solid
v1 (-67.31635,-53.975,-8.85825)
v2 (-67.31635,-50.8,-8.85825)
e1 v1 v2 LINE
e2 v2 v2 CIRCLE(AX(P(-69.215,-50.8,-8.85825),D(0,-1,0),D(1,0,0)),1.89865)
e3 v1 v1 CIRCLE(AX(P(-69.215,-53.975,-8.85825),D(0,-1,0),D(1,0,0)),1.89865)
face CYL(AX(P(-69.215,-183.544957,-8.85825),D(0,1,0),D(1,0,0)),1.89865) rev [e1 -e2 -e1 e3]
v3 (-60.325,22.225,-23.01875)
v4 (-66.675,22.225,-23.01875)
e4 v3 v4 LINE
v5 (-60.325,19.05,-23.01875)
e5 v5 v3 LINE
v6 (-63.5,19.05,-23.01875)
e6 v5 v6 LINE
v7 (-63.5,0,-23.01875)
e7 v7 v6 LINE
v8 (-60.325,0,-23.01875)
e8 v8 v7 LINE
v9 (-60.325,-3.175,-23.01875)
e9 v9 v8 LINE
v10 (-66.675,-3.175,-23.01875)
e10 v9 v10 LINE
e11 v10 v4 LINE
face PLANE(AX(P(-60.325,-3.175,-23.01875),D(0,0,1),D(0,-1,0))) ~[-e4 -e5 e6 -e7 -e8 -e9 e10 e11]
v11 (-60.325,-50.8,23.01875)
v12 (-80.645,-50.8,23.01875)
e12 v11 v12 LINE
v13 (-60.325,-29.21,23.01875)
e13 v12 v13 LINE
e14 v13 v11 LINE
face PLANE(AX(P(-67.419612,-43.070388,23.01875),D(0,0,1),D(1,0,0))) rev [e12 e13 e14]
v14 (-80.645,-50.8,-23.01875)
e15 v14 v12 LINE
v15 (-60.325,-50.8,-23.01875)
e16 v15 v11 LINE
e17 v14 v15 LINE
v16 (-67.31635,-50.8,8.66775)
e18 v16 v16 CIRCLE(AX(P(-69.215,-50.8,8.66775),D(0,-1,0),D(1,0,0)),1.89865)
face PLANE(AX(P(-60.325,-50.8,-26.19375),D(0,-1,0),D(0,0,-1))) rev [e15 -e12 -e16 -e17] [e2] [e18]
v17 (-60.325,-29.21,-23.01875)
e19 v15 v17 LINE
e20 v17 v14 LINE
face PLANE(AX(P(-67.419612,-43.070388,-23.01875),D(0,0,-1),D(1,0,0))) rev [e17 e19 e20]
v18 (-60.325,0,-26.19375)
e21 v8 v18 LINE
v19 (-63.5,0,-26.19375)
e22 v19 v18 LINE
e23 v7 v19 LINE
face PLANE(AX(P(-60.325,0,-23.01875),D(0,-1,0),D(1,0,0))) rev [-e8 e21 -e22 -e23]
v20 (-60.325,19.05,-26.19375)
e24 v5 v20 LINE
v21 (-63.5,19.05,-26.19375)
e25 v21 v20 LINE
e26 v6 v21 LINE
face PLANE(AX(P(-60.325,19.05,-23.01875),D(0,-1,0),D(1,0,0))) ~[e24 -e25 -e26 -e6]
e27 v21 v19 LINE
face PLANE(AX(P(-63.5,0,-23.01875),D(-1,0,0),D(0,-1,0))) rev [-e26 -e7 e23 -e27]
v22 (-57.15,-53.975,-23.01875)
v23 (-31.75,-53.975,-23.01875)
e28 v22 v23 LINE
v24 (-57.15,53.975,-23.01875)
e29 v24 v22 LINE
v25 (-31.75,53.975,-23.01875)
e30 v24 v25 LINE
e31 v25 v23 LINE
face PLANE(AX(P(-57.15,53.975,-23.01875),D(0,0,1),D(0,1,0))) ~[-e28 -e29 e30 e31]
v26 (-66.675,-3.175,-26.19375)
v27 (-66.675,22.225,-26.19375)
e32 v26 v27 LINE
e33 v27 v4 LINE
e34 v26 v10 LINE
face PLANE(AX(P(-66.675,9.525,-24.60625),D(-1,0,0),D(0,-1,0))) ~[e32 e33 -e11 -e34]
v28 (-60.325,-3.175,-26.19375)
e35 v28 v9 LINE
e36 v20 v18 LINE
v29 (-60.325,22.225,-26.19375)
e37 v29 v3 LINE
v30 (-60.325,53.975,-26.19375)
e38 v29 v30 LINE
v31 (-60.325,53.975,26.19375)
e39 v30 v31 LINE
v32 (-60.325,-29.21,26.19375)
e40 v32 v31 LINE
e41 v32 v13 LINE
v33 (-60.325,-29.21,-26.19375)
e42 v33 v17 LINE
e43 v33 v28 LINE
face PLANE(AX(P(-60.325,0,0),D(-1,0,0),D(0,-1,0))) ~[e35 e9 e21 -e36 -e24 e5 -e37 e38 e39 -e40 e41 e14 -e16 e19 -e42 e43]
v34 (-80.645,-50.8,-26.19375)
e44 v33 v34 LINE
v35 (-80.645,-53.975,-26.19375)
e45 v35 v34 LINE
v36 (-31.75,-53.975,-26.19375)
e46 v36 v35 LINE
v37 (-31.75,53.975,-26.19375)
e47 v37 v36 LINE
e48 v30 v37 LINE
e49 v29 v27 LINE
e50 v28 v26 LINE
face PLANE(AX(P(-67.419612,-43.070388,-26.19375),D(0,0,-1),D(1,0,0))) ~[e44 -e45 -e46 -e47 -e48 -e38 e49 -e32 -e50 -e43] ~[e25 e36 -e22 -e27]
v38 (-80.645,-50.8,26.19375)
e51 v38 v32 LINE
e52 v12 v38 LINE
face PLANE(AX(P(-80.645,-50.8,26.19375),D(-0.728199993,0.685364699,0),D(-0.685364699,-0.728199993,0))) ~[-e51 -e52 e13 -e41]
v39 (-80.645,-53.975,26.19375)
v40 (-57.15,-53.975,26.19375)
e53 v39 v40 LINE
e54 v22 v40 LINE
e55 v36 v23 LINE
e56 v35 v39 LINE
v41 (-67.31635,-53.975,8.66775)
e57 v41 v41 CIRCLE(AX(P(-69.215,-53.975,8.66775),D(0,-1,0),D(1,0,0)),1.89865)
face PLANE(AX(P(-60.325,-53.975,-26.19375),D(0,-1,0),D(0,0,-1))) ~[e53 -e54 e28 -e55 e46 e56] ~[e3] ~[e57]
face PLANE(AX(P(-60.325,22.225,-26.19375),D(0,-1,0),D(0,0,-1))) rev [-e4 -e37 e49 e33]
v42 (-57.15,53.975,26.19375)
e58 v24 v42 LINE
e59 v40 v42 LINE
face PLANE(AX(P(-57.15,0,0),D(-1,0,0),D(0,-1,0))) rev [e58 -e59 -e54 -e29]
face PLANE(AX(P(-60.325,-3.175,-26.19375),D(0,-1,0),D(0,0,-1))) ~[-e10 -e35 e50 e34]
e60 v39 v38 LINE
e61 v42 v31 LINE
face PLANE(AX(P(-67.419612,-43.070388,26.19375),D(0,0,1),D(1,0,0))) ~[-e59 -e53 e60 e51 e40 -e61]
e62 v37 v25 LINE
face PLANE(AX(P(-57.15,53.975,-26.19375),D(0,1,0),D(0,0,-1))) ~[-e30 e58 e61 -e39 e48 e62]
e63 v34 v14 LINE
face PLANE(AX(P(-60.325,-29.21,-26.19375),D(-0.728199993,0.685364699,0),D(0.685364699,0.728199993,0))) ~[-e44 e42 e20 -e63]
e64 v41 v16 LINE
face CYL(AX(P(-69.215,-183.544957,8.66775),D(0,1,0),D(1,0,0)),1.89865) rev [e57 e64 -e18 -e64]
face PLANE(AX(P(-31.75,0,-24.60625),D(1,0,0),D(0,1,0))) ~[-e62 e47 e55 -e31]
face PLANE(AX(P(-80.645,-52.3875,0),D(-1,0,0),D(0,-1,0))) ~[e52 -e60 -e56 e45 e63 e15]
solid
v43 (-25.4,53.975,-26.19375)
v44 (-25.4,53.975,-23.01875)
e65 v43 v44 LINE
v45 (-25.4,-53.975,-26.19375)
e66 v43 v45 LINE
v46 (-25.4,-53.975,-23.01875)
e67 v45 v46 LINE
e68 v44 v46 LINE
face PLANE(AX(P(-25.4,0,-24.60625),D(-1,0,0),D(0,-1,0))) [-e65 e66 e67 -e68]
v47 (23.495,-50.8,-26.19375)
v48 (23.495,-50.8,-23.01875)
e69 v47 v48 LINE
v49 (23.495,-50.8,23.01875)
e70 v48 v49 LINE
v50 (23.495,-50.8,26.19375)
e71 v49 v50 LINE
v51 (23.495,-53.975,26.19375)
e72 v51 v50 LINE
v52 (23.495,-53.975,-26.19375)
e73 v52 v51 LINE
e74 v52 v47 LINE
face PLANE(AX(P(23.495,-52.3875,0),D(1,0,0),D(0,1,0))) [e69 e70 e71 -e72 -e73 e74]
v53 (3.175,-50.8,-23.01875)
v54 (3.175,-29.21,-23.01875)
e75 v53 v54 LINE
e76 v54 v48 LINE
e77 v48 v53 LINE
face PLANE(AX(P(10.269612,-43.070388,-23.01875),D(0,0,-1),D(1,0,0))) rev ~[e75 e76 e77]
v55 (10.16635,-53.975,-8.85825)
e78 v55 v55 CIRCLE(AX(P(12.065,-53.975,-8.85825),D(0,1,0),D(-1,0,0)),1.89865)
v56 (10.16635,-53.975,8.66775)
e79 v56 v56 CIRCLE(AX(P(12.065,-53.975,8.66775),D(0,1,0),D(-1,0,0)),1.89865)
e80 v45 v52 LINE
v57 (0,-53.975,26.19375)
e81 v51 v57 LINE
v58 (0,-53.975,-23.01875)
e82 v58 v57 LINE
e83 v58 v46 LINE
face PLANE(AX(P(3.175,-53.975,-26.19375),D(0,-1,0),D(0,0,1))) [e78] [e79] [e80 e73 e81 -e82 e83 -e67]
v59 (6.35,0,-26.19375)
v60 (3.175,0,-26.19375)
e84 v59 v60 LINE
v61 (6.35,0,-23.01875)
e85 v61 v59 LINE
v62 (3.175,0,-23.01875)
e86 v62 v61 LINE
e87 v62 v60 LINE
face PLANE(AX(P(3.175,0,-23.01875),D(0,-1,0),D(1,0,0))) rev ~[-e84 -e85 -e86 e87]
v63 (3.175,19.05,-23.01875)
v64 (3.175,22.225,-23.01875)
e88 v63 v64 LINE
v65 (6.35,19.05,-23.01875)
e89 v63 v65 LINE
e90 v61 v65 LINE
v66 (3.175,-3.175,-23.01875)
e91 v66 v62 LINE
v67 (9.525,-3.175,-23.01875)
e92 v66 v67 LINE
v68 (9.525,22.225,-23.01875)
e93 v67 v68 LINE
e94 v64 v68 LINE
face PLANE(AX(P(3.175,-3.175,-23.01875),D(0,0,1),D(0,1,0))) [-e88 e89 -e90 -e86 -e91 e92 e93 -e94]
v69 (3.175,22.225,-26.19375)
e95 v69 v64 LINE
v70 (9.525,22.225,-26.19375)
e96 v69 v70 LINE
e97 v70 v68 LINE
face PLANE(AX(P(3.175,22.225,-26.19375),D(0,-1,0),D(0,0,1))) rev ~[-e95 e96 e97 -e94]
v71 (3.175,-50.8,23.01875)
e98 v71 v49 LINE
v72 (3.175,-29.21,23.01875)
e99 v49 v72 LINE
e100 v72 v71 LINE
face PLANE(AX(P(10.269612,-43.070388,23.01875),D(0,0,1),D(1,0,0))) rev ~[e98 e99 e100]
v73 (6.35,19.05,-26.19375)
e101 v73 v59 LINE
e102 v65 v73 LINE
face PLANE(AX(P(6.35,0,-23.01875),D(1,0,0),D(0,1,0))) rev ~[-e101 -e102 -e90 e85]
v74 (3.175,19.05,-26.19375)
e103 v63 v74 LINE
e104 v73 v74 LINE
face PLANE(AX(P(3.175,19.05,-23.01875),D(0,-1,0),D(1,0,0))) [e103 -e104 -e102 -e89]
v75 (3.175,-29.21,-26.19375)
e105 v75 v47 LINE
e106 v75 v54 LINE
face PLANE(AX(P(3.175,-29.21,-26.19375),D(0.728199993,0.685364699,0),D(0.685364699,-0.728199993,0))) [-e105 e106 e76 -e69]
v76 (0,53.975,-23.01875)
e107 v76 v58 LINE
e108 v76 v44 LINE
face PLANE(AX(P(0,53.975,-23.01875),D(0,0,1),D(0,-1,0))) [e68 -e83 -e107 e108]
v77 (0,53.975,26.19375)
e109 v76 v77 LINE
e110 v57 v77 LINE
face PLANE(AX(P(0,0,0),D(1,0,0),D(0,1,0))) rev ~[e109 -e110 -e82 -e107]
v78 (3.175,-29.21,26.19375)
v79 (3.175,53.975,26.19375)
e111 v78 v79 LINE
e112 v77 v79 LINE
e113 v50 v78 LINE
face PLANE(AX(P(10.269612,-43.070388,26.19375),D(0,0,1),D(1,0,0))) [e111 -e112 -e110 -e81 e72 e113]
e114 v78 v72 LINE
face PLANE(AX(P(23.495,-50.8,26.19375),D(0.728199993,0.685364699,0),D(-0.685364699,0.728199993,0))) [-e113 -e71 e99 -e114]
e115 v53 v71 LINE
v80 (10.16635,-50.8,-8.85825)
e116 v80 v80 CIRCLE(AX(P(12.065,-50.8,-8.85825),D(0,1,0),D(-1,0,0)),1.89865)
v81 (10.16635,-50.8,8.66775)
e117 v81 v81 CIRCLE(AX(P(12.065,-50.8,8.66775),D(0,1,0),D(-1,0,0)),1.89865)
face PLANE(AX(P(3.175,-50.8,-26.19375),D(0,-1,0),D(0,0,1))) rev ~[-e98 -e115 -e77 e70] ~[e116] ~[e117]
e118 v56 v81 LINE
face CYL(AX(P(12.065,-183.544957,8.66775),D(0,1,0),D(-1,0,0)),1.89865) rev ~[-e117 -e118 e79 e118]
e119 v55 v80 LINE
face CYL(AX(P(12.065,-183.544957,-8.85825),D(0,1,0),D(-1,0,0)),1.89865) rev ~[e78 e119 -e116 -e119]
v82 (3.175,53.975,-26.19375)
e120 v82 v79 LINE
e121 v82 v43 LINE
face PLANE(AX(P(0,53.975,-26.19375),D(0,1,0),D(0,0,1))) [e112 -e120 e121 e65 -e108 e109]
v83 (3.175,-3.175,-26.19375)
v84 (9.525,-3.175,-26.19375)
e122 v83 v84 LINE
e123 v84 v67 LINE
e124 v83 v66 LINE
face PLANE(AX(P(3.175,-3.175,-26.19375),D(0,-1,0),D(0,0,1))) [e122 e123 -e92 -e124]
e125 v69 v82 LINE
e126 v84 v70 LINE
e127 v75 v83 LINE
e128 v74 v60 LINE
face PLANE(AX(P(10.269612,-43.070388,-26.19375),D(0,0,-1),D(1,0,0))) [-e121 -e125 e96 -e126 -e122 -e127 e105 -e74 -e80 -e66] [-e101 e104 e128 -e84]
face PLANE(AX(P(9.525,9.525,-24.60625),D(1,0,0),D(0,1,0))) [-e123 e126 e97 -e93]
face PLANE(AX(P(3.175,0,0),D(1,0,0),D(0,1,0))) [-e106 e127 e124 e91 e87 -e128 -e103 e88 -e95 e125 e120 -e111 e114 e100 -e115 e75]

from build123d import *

# Parameters (mm, degrees)
F0_W      = 107.95
F0_H      = 52.3875
F1_DEPTH  = 3.175
F2_W      = 107.95
F2_H      = 3.175
F3_DEPTH  = 25.4
F4_W      = 3.175
F4_H      = 52.3875
F5_DEPTH  = 20.32
F7_DEPTH  = 3.175
F9_DEPTH  = 3.175
F10_W     = 25.4
F10_H     = 3.175
F11_DEPTH = 6.35
F12_W     = 3.175
F12_H     = 19.05
F13_DEPTH = 25.4
F15_D     = 3.7973


with BuildPart() as f1:
    # F0 (on Right) → F1 (new body)
    with BuildSketch(Plane.YZ):
        Rectangle(F0_W, F0_H)
    extrude(amount=F1_DEPTH)

    # F2 (on face) → F3 (join)
    with BuildSketch(Plane(origin=(0, 0, 0), x_dir=(0, -1, 0), z_dir=(-1, 0, 0))):
        with Locations((0, -24.60625)):
            Rectangle(F2_W, F2_H)
    extrude(amount=F3_DEPTH)

    # F4 (on face) → F5 (join)
    with BuildSketch(Plane.YZ.offset(3.175)):
        with Locations((-52.3875, 0)):
            Rectangle(F4_W, F4_H)
    extrude(amount=F5_DEPTH)

    # F6 (on face) → F7 (join)
    with BuildSketch(Plane(origin=(0, 0, -26.19375), x_dir=(1, 0, 0), z_dir=(0, 0, -1))):
        Polygon((3.175, 29.21), (23.495, 50.8), (3.175, 50.8), align=None)
    extrude(amount=-F7_DEPTH)

    # F8 (on face) → F9 (join)
    with BuildSketch(Plane.XY.offset(26.19375)):
        Polygon((3.175, -50.8), (23.495, -50.8), (3.175, -29.21), align=None)
    extrude(amount=-F9_DEPTH)

    # F10 (on face) → F11 (join)
    with BuildSketch(Plane.YZ.offset(3.175)):
        with Locations((9.525, -24.60625)):
            Rectangle(F10_W, F10_H)
    extrude(amount=F11_DEPTH)

    # F12 (on face) → F13 (cut)
    with BuildSketch(Plane.XY.offset(-23.01875)):
        with Locations((4.7625, 9.525)):
            Rectangle(F12_W, F12_H)
    extrude(amount=-F13_DEPTH, mode=Mode.SUBTRACT)

    # F15 (through all)
    with Locations(Plane.XZ.offset(53.975)):
        with Locations((12.065, 8.66775), (12.065, -8.85825)):
            Hole(F15_D / 2)


with BuildPart() as f17_1:
    # F17: instance of F1
    add(f1.part.mirror(Plane(origin=(-28.575, 0, -24.60625), x_dir=(0, -1, 0), z_dir=(-1, 0, 0))))


solid = Compound([f1.part, f17_1.part])
